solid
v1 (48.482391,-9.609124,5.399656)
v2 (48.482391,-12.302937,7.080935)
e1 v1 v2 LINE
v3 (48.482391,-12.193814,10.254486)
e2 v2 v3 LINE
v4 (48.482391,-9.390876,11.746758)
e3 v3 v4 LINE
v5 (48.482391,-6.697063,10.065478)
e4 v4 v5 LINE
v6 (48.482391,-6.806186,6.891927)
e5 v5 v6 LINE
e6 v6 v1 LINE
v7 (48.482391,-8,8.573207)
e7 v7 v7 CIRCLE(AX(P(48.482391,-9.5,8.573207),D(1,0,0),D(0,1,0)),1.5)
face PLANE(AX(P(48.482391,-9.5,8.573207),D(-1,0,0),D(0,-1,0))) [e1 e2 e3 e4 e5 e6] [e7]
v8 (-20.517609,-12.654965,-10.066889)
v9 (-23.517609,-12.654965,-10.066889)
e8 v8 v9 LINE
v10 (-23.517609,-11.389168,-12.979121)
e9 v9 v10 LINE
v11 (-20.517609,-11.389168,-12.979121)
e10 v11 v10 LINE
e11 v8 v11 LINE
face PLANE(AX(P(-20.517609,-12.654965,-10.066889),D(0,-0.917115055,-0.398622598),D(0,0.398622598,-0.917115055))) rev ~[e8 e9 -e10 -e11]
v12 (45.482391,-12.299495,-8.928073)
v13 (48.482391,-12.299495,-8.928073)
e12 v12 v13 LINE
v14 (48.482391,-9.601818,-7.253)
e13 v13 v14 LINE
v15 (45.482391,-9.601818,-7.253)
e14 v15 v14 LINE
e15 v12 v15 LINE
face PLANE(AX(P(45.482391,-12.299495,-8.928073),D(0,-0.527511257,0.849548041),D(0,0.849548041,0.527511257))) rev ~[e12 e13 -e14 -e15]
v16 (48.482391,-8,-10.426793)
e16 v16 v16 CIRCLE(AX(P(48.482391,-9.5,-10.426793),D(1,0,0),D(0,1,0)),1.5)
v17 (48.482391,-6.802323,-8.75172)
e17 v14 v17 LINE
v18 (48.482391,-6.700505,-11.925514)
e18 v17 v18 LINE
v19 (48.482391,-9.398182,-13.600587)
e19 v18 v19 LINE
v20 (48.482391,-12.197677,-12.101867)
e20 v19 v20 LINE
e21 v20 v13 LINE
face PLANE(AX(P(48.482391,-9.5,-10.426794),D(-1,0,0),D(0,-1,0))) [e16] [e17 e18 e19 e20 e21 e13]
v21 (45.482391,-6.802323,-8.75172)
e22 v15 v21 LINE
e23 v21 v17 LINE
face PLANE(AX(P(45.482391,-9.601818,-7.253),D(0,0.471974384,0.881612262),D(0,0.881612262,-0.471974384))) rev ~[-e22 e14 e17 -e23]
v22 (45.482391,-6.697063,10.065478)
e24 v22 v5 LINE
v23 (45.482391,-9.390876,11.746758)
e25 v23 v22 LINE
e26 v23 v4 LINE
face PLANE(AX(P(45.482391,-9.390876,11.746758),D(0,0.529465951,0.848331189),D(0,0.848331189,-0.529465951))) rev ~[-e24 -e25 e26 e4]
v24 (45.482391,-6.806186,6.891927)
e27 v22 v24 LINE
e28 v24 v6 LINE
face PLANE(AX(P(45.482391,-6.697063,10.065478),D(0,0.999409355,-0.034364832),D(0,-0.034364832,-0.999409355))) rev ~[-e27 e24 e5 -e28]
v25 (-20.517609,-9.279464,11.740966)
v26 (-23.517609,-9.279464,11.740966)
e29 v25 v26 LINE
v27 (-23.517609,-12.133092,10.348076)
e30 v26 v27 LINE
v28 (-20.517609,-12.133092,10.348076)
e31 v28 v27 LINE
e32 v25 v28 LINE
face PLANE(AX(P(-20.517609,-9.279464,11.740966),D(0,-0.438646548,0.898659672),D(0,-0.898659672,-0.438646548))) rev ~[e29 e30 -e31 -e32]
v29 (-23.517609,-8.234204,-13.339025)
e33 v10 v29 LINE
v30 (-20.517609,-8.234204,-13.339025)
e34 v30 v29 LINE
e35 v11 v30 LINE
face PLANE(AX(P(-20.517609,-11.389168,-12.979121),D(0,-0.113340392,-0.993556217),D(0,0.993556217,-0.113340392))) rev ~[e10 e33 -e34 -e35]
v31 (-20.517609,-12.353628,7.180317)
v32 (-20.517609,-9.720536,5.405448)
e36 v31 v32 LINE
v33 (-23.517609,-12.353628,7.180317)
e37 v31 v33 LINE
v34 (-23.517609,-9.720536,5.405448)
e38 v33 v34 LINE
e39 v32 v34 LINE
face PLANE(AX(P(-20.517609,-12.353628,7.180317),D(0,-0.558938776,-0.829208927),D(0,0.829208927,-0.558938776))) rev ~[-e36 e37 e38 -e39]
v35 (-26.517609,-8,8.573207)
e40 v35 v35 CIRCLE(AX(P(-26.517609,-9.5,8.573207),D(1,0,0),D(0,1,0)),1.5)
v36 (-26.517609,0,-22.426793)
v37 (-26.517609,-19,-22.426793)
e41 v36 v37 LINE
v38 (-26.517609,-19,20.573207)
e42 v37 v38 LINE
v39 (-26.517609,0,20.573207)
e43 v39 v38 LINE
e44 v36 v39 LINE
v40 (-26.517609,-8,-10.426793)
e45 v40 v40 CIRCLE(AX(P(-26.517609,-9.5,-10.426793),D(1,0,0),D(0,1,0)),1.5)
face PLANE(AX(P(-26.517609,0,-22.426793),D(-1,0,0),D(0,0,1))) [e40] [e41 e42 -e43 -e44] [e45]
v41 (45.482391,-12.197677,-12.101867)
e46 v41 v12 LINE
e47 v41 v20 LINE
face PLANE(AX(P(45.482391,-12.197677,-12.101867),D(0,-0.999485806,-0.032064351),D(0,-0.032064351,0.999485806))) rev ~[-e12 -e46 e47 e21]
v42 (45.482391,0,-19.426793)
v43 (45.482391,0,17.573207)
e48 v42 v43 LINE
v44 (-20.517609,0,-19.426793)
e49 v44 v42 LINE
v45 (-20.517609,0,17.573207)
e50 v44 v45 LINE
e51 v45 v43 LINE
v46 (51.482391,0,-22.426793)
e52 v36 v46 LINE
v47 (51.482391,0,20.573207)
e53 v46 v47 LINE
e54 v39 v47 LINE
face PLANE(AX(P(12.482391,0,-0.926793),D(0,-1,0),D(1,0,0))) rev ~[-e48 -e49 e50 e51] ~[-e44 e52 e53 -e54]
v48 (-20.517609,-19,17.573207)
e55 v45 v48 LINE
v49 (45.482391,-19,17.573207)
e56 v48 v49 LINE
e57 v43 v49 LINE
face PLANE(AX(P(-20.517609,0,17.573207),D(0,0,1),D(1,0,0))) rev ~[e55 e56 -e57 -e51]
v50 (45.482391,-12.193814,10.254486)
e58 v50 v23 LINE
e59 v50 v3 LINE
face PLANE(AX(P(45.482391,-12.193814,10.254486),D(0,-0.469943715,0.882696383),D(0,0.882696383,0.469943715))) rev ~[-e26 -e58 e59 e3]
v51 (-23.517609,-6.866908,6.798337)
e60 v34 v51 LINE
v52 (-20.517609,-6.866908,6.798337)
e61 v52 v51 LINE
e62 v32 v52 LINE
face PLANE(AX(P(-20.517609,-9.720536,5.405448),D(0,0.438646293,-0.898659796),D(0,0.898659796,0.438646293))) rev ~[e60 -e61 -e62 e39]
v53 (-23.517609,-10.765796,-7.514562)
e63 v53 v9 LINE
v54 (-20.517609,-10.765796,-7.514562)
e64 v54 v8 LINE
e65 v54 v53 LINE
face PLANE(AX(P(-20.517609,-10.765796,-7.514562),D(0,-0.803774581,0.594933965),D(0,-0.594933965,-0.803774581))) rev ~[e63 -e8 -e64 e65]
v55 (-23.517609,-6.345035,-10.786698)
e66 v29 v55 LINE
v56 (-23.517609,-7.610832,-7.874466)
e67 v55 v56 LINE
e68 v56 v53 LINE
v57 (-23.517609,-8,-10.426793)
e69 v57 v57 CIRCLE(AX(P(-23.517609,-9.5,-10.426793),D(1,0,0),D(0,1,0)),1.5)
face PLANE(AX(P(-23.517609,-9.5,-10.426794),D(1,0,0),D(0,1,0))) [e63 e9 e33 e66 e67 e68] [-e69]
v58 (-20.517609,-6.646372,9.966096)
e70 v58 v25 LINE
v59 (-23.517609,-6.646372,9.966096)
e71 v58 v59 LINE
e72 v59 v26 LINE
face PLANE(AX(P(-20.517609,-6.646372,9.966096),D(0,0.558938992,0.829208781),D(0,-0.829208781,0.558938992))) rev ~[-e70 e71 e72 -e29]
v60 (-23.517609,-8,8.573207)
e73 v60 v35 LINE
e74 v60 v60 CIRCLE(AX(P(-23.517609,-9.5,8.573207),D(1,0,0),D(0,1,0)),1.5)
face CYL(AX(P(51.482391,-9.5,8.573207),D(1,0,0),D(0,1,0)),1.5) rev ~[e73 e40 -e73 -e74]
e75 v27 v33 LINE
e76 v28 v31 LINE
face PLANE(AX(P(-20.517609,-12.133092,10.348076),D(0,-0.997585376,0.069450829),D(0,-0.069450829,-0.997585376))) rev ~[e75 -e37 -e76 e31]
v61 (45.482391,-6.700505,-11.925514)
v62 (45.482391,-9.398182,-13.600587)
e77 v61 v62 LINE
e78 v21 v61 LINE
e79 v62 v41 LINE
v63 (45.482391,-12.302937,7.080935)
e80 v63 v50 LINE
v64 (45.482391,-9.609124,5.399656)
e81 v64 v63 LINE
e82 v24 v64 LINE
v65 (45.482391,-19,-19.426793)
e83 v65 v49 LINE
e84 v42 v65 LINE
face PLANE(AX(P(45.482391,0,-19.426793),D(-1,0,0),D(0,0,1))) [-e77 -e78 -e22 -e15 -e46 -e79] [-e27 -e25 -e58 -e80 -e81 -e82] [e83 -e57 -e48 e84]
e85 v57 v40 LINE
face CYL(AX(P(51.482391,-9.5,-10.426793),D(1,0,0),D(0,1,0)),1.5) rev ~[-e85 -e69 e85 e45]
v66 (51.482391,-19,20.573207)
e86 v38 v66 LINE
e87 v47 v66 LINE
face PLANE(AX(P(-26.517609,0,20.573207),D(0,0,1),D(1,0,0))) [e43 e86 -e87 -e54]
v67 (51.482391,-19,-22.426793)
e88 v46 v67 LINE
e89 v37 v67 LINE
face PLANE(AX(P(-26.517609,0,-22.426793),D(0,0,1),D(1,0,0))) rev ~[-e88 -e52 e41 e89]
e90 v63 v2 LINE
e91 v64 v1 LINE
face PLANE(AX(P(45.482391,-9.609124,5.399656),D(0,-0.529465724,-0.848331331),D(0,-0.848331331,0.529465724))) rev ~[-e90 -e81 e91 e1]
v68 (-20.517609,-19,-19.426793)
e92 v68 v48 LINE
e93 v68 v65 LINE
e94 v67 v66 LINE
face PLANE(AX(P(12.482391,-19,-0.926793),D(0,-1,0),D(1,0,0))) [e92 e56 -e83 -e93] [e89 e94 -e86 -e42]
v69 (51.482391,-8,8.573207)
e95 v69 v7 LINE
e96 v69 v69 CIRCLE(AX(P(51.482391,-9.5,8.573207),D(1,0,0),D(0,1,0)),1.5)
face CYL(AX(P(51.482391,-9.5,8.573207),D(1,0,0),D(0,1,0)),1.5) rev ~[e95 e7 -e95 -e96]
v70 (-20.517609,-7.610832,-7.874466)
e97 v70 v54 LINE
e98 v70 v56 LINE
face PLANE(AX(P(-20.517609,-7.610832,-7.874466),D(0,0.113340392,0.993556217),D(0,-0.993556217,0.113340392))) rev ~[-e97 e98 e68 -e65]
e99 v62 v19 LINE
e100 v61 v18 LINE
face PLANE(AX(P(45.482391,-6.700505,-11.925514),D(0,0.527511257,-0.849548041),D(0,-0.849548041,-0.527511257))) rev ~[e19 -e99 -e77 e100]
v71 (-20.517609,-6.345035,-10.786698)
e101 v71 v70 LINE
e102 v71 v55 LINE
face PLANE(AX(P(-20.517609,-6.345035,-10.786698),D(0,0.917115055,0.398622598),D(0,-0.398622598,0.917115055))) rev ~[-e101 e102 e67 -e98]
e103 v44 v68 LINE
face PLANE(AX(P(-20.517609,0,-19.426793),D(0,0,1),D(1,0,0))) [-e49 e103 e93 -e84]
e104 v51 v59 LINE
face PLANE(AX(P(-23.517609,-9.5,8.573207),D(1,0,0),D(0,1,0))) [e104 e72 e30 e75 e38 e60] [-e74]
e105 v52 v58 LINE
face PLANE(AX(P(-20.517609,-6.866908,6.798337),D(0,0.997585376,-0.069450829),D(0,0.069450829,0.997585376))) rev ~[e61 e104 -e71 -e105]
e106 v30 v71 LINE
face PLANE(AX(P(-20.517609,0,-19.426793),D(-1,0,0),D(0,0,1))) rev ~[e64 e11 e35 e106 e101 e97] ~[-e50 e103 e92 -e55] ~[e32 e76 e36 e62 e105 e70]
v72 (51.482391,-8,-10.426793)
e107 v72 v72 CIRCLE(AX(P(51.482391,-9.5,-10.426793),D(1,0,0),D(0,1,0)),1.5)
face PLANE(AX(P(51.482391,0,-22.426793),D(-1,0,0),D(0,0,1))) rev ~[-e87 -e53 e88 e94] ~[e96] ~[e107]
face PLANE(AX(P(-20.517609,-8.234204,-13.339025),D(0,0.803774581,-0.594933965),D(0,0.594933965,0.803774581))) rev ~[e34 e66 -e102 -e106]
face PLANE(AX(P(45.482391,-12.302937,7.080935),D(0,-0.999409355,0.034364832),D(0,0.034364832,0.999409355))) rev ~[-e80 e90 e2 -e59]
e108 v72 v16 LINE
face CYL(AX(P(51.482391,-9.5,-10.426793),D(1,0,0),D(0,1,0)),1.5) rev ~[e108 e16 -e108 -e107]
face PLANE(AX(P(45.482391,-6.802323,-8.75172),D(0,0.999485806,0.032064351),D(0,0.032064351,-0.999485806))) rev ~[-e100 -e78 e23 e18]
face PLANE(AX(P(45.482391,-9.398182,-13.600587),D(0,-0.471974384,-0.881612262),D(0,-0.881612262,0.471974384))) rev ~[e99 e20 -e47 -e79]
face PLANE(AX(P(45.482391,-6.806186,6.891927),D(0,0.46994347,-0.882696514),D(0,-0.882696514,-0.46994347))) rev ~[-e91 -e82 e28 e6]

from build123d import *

# Parameters (mm, degrees)
F0_W     = 78
F0_H     = 43
F0_W_2   = 66
F0_H_2   = 37
F1_DEPTH = 19
F2_R     = 1.5
F3_DEPTH = 78
F5_DEPTH = 3
F7_DEPTH = 3


with BuildPart() as f1:
    # F0 (on Front) → F1 (new body)
    with BuildSketch(Plane.XZ):
        with Locations((12.482391, -0.926793)):
            Rectangle(F0_W, F0_H)
        with Locations((12.482391, -0.926793)):
            Rectangle(F0_W_2, F0_H_2, mode=Mode.SUBTRACT)
    extrude(amount=F1_DEPTH)

    # F2 (on face) → F3 (cut)
    with BuildSketch(Plane.YZ.offset(51.482391)):
        with Locations((-9.5, 8.573207)):
            Circle(F2_R)
        with Locations((-9.5, -10.426793)):
            Circle(F2_R)
    extrude(amount=-F3_DEPTH, mode=Mode.SUBTRACT)

    # F4 (on face) → F5 (cut)
    with BuildSketch(Plane.YZ.offset(-20.517609)):
        Polygon((-6.646372, 9.966096), (-9.279464, 11.740966), (-12.133092, 10.348076), (-12.353628, 7.180317), (-9.720536, 5.405448), (-6.866908, 6.798337), align=None)
        Polygon((-7.610832, -7.874466), (-10.765796, -7.514562), (-12.654965, -10.066889), (-11.389168, -12.979121), (-8.234204, -13.339025), (-6.345035, -10.786698), align=None)
    extrude(amount=-F5_DEPTH, mode=Mode.SUBTRACT)

    # F6 (on face) → F7 (cut)
    with BuildSketch(Plane(origin=(45.482391, 0, 0), x_dir=(0, -1, 0), z_dir=(-1, 0, 0))):
        Polygon((9.609124, 5.399656), (12.302937, 7.080935), (12.193814, 10.254486), (9.390876, 11.746758), (6.697063, 10.065478), (6.806186, 6.891927), align=None)
        Polygon((9.398182, -13.600587), (12.197677, -12.101867), (12.299495, -8.928073), (9.601818, -7.253), (6.802323, -8.75172), (6.700505, -11.925514), align=None)
    extrude(amount=-F7_DEPTH, mode=Mode.SUBTRACT)


solid = f1.part
